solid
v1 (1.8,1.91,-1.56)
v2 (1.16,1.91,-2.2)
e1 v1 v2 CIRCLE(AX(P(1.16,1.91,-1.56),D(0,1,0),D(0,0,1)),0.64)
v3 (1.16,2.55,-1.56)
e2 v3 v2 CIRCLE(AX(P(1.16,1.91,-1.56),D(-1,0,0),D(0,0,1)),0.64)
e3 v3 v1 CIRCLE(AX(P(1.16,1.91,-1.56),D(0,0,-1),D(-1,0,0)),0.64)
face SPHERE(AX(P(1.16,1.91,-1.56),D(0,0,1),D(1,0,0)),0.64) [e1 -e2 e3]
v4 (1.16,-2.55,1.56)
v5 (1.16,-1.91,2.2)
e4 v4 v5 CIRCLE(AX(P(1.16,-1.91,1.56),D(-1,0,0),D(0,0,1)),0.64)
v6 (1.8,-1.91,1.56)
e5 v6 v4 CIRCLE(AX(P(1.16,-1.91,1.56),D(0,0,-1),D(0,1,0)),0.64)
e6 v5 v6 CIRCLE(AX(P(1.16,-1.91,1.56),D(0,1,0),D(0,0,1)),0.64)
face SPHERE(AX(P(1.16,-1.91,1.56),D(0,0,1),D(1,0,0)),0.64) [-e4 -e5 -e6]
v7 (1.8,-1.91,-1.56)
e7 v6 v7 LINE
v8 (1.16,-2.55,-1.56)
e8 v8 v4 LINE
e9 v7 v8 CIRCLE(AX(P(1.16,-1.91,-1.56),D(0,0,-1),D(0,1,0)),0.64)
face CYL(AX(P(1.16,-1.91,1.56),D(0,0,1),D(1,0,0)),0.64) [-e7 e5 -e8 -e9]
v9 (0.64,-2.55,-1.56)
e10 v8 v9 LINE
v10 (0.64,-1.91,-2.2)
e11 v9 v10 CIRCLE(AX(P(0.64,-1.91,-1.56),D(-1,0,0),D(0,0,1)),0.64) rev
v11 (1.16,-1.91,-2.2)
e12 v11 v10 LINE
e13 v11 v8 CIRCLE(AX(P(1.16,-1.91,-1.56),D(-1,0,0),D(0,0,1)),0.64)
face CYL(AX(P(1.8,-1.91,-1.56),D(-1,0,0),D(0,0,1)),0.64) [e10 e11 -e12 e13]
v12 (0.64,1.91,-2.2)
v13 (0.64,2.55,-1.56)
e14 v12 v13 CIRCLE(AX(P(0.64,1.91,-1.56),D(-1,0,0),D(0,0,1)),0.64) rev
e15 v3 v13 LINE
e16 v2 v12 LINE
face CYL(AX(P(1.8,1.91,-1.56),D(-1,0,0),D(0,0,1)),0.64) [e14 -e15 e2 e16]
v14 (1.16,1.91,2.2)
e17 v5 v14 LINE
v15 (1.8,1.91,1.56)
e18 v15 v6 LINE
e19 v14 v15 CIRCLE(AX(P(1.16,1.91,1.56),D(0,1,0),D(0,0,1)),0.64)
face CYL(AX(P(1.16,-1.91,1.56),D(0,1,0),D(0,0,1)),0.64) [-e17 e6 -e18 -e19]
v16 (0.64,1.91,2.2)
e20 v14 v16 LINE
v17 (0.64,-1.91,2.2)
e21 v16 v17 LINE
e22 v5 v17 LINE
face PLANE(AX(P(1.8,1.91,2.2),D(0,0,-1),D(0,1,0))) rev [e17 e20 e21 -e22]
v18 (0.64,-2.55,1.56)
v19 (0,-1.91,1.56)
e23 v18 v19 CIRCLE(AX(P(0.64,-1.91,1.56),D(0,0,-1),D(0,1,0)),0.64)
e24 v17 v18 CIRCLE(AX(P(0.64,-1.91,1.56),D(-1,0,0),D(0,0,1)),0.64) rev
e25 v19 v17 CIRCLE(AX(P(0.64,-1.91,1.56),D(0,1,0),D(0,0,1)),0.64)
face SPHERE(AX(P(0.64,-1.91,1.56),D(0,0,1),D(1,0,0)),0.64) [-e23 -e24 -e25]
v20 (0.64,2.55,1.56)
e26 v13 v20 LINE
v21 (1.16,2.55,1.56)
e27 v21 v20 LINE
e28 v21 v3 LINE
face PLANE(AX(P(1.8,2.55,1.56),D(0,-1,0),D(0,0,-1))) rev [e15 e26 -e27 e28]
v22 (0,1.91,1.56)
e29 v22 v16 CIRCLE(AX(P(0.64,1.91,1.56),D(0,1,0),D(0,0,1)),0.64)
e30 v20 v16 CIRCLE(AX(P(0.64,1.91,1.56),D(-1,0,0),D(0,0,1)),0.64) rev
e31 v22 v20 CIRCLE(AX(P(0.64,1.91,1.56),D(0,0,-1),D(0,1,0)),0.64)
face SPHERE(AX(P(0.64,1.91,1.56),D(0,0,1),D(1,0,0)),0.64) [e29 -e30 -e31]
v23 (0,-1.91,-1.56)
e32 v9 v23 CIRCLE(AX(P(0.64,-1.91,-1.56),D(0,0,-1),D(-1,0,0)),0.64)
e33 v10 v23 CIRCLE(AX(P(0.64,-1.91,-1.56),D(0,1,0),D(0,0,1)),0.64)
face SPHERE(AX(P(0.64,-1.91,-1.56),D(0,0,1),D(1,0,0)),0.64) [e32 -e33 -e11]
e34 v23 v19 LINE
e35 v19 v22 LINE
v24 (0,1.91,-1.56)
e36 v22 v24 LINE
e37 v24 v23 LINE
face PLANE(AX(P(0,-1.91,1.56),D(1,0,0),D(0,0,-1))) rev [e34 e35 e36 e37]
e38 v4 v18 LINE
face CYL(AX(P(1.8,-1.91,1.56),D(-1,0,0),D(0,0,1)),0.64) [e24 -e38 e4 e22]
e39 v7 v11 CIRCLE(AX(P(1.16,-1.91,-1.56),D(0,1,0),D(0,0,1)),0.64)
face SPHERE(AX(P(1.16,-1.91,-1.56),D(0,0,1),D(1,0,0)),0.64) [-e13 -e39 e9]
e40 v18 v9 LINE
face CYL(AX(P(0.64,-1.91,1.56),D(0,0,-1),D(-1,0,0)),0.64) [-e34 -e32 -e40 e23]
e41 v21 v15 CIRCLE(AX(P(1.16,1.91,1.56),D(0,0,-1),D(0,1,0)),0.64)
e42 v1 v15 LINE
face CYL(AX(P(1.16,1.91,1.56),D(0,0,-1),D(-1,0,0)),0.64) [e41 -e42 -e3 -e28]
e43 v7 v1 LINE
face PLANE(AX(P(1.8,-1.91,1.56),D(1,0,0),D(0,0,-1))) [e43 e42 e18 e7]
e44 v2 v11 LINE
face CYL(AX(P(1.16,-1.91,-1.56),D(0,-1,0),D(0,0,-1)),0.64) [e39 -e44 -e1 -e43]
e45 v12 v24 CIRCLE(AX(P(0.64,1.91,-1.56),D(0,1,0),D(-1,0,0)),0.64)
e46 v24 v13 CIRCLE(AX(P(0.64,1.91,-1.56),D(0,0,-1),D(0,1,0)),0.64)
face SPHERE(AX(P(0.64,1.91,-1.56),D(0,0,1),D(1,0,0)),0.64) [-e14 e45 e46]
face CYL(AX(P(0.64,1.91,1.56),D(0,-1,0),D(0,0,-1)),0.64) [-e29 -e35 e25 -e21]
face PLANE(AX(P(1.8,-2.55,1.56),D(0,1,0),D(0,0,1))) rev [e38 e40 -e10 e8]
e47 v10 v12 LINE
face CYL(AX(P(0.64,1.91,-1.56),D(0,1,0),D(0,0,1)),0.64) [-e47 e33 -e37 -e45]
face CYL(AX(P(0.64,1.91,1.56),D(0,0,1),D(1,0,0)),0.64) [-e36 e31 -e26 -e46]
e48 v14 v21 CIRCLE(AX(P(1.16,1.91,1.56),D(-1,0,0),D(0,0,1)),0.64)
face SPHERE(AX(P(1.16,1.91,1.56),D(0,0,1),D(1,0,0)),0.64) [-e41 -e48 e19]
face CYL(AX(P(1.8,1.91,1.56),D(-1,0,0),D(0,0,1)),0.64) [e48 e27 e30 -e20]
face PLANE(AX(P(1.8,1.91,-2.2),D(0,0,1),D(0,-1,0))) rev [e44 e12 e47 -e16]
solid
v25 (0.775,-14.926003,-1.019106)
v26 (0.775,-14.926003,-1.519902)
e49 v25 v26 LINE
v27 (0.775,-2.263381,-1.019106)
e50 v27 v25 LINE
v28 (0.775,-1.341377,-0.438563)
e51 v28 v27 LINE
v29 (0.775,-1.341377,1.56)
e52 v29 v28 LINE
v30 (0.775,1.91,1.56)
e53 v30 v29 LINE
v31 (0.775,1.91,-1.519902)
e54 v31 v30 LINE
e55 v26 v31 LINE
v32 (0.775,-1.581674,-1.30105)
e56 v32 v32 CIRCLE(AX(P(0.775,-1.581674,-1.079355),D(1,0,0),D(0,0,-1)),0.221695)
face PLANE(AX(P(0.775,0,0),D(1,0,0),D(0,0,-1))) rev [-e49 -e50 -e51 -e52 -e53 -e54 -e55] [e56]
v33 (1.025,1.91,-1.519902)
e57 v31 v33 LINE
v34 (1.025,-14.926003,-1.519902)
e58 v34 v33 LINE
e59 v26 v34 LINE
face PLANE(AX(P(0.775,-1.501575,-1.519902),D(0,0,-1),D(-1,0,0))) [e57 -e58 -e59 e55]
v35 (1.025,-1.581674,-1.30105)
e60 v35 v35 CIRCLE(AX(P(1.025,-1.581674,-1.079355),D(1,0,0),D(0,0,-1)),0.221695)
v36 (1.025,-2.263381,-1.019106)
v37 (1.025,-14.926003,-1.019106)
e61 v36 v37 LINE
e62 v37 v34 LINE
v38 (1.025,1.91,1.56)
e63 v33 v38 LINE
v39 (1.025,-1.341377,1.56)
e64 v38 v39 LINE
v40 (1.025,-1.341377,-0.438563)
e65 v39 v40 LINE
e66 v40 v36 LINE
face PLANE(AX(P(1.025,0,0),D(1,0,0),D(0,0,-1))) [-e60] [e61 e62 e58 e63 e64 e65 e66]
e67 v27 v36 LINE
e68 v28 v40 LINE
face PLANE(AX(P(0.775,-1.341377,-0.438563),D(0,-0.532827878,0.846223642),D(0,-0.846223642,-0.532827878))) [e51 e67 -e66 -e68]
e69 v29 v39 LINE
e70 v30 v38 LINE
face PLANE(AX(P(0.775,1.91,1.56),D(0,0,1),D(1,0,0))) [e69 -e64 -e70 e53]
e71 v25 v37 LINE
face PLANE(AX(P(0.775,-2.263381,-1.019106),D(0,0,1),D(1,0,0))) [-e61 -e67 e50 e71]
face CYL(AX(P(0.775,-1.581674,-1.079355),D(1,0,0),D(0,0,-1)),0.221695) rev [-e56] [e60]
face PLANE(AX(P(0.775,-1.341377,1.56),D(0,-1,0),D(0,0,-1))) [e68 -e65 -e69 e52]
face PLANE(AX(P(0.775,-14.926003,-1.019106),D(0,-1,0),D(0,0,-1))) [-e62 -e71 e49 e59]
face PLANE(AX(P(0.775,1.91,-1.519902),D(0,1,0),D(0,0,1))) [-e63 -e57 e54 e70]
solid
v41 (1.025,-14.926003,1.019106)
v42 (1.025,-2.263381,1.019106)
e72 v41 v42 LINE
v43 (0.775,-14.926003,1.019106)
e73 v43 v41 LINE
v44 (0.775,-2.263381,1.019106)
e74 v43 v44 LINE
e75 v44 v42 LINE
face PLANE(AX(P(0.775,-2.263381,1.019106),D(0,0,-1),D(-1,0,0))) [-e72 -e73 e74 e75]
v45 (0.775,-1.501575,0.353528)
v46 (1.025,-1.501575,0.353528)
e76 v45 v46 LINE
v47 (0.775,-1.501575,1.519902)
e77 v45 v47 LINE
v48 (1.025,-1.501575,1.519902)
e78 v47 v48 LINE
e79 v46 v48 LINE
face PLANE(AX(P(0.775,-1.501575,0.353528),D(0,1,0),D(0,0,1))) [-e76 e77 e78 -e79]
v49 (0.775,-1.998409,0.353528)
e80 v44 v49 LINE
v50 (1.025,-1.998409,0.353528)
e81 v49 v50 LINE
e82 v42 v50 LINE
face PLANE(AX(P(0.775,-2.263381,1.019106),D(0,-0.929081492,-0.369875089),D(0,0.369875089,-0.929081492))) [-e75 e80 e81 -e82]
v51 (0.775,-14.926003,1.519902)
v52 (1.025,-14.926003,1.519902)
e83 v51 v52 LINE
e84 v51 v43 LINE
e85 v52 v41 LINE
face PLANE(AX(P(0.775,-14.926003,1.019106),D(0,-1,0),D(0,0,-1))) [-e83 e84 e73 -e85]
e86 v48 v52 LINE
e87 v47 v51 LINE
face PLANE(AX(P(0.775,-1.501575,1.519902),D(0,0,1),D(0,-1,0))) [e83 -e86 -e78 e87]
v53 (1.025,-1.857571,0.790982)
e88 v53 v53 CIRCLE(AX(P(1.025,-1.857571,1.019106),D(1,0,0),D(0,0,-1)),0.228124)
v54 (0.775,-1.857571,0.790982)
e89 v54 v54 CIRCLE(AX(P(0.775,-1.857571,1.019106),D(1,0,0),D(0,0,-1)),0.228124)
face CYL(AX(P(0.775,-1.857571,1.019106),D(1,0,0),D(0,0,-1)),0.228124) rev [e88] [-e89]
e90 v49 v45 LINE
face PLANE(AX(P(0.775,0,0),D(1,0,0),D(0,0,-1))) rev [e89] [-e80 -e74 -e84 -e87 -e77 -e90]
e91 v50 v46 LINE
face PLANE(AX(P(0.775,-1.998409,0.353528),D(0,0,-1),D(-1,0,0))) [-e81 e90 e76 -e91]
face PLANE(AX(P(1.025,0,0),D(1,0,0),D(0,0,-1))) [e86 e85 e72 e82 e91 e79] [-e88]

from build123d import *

# Parameters (mm, degrees)
BOSS_EXTRUDE1_DEPTH        = 1.8
FILLET1_R                  = 0.64
BOSS_EXTRUDE2_DEPTH        = 0.125
BOSS_EXTRUDE2_DEPTH_BACK   = 0.125
SKETCH2_R                  = 0.221694952
BOSS_EXTRUDE2_2_DEPTH      = 0.125
BOSS_EXTRUDE2_2_DEPTH_BACK = 0.125
SKETCH2_R_2                = 0.228124389


with BuildPart() as part:
    # Sketch1 → Boss-Extrude1 (new body)
    with BuildSketch(Plane(origin=(0, 0, 0), x_dir=(0, 0, -1), z_dir=(1, 0, 0))):
        with BuildLine():
            Line((-1.56, 2.55), (1.56, 2.55))
            ThreePointArc((1.56, 2.55), (2.01254834, 2.36254834), (2.2, 1.91))
            Line((2.2, 1.91), (2.2, -1.91))
            ThreePointArc((2.2, -1.91), (2.01254834, -2.36254834), (1.56, -2.55))
            Line((1.56, -2.55), (-1.56, -2.55))
            ThreePointArc((-1.56, -2.55), (-2.01254834, -2.36254834), (-2.2, -1.91))
            Line((-2.2, -1.91), (-2.2, 1.91))
            ThreePointArc((-2.2, 1.91), (-2.01254834, 2.36254834), (-1.56, 2.55))
        make_face()
    extrude(amount=BOSS_EXTRUDE1_DEPTH)

    # Fillet1
    fillet1_edges = [part.edges().sort_by_distance(p)[0] for p in [
        (1.8, -2.36254834, -2.01254834),
        (0, -2.55, 0),
        (0, -2.36254834, 2.01254834),
        (1.8, 0, -2.2),
        (1.8, 2.36254834, -2.01254834),
        (1.8, 2.55, 0),
        (1.8, 2.36254834, 2.01254834),
        (1.8, 0, 2.2),
        (1.8, -2.36254834, 2.01254834),
        (1.8, -2.55, 0),
        (0, 0, 2.2),
        (0, 2.36254834, 2.01254834),
        (0, 2.55, 0),
        (0, 2.36254834, -2.01254834),
        (0, 0, -2.2),
        (0, -2.36254834, -2.01254834),
    ]]
    fillet(fillet1_edges, radius=FILLET1_R)


with BuildPart() as body_2:
    # Sketch2 → Boss-Extrude2 (new, two sides: drawn at the far end of the back side and taken through both)
    with BuildSketch(Plane(origin=(0.9, 0, 0), x_dir=(0, 0, -1), z_dir=(1, 0, 0)).offset(-BOSS_EXTRUDE2_DEPTH_BACK)):
        Polygon((1.019106057, -14.926003362), (1.519901832, -14.926003362), (1.519901832, -10.343869193), (1.519901832, -1.501575177), (1.519901832, 1.91), (-1.56, 1.91), (-1.56, -1.341377057), (0.438562537, -1.341377057), (1.019106057, -2.263381464), align=None)
        with Locations((1.079355018, -1.581674238)):
            Circle(SKETCH2_R, mode=Mode.SUBTRACT)
    extrude(amount=BOSS_EXTRUDE2_DEPTH + BOSS_EXTRUDE2_DEPTH_BACK)


with BuildPart() as body_3:
    # Sketch2 → Boss-Extrude2 2 (new, two sides: drawn at the far end of the back side and taken through both)
    with BuildSketch(Plane(origin=(0.9, 0, 0), x_dir=(0, 0, -1), z_dir=(1, 0, 0)).offset(-BOSS_EXTRUDE2_2_DEPTH_BACK)):
        Polygon((-1.019106057, -2.263381464), (-0.353528169, -1.998409357), (-0.353528169, -1.501575177), (-1.519901832, -1.501575177), (-1.519901832, -10.343869193), (-1.519901832, -14.926003362), (-1.019106057, -14.926003362), align=None)
        with Locations((-1.019106057, -1.857571)):
            Circle(SKETCH2_R_2, mode=Mode.SUBTRACT)
    extrude(amount=BOSS_EXTRUDE2_2_DEPTH + BOSS_EXTRUDE2_2_DEPTH_BACK)


solid = Compound([part.part, body_2.part, body_3.part])
